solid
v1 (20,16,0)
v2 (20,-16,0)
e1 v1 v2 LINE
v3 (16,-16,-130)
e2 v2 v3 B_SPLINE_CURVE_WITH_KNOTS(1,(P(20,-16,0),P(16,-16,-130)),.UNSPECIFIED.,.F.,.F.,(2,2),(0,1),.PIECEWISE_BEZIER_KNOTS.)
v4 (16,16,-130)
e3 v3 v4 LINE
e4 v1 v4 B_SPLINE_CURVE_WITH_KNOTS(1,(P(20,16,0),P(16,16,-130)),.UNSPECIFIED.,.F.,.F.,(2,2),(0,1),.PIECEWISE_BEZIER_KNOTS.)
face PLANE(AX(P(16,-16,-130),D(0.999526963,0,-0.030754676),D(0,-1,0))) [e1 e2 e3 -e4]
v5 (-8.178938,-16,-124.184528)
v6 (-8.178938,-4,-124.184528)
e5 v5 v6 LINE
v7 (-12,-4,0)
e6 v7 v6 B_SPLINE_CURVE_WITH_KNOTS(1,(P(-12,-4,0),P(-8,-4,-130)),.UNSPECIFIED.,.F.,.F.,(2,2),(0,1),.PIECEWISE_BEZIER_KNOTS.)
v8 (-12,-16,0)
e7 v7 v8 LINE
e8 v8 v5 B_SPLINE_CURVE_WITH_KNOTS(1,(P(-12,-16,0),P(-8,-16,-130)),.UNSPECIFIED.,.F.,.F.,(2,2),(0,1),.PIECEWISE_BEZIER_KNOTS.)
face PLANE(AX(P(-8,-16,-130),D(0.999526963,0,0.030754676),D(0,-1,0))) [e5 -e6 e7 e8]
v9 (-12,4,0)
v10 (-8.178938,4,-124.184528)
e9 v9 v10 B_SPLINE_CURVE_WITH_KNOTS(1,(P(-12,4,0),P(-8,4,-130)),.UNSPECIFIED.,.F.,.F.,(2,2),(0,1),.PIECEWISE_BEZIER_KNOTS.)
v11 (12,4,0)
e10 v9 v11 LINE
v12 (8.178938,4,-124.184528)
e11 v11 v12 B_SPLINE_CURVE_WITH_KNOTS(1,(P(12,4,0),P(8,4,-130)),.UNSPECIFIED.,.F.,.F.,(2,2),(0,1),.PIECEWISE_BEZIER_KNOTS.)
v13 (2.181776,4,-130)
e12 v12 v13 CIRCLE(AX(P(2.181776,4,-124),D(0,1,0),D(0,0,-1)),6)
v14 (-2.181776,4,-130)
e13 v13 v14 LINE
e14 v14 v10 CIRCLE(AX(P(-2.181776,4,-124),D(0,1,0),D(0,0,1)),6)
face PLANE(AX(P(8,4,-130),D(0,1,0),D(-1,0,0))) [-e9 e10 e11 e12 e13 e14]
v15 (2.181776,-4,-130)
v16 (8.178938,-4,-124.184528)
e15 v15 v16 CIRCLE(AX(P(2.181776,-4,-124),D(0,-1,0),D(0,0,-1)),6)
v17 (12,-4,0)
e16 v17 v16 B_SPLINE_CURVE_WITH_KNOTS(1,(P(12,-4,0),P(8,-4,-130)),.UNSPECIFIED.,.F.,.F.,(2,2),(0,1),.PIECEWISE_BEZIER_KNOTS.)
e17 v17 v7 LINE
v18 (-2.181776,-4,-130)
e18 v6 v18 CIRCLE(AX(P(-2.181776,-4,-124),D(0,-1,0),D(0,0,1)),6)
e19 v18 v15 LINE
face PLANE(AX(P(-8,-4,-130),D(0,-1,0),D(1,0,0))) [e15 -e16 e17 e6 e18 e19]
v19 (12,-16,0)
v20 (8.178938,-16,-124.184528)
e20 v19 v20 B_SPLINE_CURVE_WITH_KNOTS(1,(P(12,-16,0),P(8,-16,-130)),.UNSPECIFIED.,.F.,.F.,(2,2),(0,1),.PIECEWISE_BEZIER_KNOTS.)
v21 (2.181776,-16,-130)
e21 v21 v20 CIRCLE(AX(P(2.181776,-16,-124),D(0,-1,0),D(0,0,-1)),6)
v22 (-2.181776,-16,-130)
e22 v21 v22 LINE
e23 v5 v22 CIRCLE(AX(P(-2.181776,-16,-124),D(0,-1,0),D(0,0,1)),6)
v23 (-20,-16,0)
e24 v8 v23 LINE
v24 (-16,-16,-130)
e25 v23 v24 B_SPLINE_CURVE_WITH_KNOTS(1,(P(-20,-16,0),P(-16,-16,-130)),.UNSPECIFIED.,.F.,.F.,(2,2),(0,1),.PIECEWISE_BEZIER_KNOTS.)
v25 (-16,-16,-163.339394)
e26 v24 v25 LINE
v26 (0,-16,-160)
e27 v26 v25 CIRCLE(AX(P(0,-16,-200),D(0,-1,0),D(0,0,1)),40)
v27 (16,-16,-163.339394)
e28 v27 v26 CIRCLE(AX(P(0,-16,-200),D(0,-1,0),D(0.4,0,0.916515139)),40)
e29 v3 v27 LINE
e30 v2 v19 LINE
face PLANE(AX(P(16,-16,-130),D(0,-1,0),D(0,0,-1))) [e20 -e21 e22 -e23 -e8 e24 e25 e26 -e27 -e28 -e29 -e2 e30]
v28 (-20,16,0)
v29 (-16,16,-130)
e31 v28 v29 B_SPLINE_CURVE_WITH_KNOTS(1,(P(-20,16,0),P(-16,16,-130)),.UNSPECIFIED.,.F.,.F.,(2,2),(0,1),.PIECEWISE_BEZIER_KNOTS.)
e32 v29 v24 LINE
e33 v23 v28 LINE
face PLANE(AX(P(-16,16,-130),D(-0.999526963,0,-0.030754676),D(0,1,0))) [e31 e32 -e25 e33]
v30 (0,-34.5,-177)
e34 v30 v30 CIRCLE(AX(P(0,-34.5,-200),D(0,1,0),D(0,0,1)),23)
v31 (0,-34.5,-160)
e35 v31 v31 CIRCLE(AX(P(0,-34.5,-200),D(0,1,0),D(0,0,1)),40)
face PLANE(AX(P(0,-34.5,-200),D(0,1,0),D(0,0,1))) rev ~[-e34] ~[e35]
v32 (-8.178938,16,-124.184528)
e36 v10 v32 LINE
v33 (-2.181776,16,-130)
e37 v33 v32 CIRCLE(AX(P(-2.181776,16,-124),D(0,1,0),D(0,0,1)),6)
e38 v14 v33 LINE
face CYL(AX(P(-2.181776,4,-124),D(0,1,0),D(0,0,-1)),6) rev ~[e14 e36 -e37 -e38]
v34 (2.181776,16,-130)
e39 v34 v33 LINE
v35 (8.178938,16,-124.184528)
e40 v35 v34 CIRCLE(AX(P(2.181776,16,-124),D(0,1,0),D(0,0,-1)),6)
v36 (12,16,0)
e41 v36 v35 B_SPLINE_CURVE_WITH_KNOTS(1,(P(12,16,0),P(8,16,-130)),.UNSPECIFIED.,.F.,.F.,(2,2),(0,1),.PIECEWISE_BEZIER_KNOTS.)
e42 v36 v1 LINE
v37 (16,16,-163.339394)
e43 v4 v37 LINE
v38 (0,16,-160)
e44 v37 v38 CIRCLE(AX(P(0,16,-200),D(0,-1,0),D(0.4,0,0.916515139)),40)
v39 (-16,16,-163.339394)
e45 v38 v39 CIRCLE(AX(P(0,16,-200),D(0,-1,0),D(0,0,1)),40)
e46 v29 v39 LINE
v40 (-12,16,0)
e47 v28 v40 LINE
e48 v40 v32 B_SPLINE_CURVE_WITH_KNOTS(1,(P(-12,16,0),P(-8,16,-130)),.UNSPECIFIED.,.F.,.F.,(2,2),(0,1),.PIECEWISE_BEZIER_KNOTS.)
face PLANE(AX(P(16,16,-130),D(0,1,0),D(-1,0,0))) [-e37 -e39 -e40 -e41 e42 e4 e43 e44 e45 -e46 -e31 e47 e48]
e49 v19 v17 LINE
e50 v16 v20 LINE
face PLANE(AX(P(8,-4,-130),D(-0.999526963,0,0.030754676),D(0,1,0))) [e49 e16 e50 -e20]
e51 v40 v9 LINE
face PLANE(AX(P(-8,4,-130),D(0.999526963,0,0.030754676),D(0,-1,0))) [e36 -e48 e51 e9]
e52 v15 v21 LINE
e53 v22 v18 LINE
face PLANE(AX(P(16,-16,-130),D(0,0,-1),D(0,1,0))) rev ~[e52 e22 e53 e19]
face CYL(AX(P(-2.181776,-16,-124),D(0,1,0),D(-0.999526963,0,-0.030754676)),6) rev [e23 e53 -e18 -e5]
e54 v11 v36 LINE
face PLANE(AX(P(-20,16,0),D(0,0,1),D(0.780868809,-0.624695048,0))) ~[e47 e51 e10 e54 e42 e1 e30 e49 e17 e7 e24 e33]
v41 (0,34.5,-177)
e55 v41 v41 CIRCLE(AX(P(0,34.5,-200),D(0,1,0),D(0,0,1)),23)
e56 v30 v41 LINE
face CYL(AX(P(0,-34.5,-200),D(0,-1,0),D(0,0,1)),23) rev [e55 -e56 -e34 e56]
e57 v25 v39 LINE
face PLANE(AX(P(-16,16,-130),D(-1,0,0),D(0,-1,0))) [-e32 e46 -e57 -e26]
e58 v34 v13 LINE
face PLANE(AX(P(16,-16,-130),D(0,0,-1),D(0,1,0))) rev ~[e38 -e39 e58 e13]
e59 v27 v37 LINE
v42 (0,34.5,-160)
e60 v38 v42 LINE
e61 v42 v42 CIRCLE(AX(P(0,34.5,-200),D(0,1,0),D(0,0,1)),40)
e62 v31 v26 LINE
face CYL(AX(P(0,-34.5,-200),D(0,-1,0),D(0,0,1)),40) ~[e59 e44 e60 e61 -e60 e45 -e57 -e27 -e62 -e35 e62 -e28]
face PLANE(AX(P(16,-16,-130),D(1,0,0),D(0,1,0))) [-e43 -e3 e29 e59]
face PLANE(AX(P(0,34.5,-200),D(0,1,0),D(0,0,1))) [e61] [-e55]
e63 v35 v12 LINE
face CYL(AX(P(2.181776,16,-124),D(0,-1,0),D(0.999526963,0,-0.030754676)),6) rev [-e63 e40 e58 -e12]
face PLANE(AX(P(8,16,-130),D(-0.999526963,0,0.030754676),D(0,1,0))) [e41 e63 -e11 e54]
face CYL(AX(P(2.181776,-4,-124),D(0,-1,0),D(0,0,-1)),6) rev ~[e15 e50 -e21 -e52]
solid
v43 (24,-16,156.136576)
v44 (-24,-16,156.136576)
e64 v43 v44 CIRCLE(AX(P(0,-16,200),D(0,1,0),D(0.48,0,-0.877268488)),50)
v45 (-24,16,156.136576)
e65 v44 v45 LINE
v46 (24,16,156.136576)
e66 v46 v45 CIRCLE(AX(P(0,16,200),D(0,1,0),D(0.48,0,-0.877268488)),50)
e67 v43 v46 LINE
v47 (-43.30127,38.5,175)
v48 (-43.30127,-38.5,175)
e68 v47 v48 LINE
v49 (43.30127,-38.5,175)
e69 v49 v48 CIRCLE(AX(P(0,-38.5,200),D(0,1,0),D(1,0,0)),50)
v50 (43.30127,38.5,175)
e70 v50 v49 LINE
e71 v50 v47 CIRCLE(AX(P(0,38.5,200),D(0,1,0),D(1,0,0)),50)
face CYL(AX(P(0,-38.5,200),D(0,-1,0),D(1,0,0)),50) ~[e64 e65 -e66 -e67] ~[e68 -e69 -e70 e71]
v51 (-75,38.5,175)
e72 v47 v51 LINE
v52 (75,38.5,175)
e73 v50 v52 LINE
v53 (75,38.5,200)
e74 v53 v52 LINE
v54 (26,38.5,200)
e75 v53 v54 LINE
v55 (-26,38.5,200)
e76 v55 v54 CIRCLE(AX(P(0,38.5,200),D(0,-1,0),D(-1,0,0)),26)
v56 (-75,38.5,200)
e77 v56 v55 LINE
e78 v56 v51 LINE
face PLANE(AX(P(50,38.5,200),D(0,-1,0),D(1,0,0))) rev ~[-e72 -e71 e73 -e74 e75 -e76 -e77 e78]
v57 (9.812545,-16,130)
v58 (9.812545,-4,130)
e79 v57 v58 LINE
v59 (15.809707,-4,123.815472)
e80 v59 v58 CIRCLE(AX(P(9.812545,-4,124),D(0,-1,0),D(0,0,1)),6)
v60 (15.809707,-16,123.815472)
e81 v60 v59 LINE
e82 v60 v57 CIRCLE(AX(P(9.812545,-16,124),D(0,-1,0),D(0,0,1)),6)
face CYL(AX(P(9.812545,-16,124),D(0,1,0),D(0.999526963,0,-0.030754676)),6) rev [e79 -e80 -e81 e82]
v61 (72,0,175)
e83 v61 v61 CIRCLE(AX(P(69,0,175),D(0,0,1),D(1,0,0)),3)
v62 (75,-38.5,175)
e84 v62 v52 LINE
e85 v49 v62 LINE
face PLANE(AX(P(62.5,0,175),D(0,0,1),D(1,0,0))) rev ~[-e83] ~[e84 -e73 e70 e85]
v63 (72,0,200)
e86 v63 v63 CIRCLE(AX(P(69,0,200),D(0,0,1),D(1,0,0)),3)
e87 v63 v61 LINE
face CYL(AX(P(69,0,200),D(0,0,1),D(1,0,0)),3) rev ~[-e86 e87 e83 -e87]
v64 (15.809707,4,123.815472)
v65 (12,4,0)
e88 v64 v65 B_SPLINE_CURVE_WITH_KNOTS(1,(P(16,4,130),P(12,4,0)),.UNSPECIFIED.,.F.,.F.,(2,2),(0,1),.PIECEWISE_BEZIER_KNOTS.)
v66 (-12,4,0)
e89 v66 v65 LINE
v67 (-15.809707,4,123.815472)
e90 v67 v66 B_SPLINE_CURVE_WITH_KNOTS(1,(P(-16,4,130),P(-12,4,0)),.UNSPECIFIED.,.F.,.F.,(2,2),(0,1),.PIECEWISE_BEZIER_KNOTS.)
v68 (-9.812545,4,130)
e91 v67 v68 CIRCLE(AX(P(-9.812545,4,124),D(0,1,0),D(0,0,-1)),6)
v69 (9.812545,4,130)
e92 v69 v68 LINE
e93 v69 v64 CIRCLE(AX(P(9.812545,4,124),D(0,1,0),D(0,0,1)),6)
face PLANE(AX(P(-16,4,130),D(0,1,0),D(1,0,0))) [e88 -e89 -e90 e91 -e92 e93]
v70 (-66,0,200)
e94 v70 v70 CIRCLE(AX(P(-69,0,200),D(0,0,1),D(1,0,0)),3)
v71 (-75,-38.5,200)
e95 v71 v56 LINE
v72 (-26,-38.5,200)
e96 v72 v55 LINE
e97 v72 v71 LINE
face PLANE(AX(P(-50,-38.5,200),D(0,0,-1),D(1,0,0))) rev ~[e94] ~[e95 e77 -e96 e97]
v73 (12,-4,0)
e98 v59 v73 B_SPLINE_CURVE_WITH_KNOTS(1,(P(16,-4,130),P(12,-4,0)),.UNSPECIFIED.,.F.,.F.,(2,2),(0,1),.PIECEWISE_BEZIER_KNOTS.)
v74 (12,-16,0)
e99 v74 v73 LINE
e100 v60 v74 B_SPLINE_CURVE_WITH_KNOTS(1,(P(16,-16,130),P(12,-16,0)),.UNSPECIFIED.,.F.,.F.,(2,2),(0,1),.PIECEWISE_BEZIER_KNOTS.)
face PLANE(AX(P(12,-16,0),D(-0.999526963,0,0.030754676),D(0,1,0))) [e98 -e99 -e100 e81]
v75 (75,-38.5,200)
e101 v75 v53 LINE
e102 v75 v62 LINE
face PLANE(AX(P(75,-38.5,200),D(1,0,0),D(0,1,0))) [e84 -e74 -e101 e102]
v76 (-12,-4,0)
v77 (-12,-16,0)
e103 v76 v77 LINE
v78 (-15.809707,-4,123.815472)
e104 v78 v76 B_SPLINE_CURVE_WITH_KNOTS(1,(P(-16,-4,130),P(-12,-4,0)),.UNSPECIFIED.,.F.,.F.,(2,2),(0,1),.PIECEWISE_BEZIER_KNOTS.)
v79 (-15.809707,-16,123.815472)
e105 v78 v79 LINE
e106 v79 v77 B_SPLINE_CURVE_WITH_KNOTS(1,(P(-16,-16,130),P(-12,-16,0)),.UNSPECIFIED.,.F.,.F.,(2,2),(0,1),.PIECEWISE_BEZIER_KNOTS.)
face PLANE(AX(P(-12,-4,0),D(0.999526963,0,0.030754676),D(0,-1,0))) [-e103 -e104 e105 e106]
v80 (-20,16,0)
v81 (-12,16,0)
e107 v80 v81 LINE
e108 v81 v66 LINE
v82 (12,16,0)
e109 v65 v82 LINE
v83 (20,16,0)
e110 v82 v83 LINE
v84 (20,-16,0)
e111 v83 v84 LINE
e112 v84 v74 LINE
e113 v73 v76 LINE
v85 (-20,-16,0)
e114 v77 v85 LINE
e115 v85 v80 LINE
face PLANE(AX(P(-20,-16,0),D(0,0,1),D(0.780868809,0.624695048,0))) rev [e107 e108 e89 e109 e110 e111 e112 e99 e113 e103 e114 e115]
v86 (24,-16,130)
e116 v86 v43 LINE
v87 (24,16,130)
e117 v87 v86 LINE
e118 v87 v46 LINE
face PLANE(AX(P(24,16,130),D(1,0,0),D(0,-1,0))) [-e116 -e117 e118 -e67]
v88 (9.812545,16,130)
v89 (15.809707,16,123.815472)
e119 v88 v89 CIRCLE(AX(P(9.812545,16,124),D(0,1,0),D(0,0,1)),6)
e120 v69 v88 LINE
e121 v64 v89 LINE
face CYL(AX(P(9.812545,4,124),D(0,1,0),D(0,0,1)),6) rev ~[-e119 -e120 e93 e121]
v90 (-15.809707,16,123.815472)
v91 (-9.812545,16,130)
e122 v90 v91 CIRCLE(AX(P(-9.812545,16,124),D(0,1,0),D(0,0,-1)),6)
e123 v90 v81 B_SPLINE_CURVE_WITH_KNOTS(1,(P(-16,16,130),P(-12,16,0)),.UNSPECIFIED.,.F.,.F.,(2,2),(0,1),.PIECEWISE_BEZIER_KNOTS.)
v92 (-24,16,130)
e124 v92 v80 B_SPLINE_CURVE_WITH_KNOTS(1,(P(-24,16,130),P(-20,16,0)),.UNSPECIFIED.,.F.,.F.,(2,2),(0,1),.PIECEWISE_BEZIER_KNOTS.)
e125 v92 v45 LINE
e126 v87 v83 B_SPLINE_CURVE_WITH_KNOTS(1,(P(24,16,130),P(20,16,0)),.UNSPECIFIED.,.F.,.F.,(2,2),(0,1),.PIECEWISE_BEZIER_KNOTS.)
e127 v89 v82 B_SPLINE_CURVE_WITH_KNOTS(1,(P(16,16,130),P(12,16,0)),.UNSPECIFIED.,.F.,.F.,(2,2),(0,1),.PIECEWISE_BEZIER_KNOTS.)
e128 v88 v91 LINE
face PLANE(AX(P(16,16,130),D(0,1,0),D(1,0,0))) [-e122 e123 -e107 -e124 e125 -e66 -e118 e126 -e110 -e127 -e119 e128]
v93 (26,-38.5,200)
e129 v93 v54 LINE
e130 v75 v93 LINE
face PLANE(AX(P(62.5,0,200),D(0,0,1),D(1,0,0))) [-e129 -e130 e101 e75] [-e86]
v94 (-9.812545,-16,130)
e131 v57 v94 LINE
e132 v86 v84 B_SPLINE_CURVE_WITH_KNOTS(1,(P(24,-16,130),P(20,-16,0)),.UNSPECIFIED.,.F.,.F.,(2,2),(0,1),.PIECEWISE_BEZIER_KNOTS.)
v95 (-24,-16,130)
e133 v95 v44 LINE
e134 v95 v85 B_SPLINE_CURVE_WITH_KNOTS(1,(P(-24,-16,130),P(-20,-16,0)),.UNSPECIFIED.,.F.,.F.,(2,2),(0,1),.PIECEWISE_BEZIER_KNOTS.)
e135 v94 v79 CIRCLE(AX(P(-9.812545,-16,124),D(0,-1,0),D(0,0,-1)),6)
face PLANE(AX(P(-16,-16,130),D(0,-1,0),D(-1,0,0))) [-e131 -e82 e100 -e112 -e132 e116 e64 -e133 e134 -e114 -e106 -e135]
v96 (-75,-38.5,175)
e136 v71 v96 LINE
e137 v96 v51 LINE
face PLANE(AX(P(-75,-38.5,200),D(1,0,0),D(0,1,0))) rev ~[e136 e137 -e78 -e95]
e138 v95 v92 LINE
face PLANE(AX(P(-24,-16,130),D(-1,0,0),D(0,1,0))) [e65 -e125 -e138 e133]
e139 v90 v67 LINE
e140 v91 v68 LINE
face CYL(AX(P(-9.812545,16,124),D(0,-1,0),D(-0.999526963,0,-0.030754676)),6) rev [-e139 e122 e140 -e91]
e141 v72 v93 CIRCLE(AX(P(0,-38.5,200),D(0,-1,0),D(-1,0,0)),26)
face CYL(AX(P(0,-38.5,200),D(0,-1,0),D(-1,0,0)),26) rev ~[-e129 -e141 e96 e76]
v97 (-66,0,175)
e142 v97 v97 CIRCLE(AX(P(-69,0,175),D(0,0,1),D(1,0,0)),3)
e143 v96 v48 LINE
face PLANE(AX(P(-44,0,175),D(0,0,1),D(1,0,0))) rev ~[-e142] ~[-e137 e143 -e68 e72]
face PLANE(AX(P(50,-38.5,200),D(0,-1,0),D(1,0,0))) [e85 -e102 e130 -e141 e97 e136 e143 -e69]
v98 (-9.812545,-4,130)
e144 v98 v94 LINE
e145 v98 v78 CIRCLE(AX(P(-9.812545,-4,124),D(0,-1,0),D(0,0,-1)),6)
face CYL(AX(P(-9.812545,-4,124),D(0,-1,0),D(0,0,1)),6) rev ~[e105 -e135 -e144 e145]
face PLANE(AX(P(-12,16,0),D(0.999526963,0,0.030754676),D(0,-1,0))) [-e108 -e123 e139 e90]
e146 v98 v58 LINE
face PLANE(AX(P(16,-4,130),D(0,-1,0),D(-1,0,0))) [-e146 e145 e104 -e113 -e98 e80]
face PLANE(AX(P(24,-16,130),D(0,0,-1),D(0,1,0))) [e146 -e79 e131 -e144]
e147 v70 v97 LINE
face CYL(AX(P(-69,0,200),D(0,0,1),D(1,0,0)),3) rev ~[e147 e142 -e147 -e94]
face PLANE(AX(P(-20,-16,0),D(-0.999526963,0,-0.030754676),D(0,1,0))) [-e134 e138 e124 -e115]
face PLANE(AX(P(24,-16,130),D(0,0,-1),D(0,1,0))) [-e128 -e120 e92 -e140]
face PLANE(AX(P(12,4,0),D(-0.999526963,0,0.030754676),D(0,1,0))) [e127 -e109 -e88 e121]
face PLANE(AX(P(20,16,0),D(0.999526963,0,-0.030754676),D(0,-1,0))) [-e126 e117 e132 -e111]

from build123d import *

# Parameters (mm, degrees)
BOSS_EXTRUDE1_DEPTH      = 34.5
BOSS_EXTRUDE1_DEPTH_BACK = 34.5
SKETCH1_R                = 40
SKETCH1_R_2              = 23
BOSS_EXTRUDE2_DEPTH      = 38.5
BOSS_EXTRUDE2_DEPTH_BACK = 38.5
BOSS_EXTRUDE4_REACH      = 337.98
BOSS_EXTRUDE4_END_RADIUS = 23
BOSS_EXTRUDE5_REACH      = 377.343
BOSS_EXTRUDE5_END_RADIUS = 26
SKETCH5_W                = 37
SKETCH5_H                = 77
SKETCH5_R                = 3
BOSS_EXTRUDE6_DEPTH      = 25
SKETCH7_W                = 26.136575601
SKETCH7_H                = 32
BOSS_EXTRUDE7_DEPTH      = 46
FILLET1_R                = 6
SKETCH8_W                = 33.33939444
SKETCH8_H                = 32
BOSS_EXTRUDE8_DEPTH      = 30
FILLET2_R                = 6


with BuildPart() as part:
    # Sketch1 → Boss-Extrude1 (new, two sides: drawn at the far end of the back side and taken through both)
    with BuildSketch(Plane(origin=(0, 0, 0), x_dir=(1, 0, 0), z_dir=(0, 1, 0)).offset(-BOSS_EXTRUDE1_DEPTH_BACK)):
        with Locations((0, 200)):
            Circle(SKETCH1_R)
        with Locations((0, 200)):
            Circle(SKETCH1_R_2, mode=Mode.SUBTRACT)
    extrude(amount=BOSS_EXTRUDE1_DEPTH + BOSS_EXTRUDE1_DEPTH_BACK)



with BuildPart() as body_2:
    # Sketch1<6> → Boss-Extrude2 (new, two sides: drawn at the far end of the back side and taken through both)
    with BuildSketch(Plane(origin=(0, 0, 0), x_dir=(1, 0, 0), z_dir=(0, 1, 0)).offset(-BOSS_EXTRUDE2_DEPTH_BACK)):
        with BuildLine():
            ThreePointArc((50, -200), (0, -150), (-50, -200))
            Line((-50, -200), (-26, -200))
            ThreePointArc((-26, -200), (0, -174), (26, -200))
            Line((26, -200), (50, -200))
        make_face()
    extrude(amount=BOSS_EXTRUDE2_DEPTH + BOSS_EXTRUDE2_DEPTH_BACK)



with BuildPart() as body_3:
    # Sketch3 → Loft1 section 0
    with BuildSketch(Plane.XY.offset(130)):
        with BuildLine():
            Line((-24, -16), (-24, 16))
            Line((-24, 16), (-16, 16))
            Line((-16, 16), (-16, 4))
            Line((-16, 4), (16, 4))
            Line((16, 4), (16, 16))
            Line((16, 16), (24, 16))
            Line((24, 16), (24, -16))
            Line((24, -16), (16, -16))
            Line((16, -16), (16, -4))
            Line((16, -4), (-16, -4))
            Line((-16, -4), (-16, -16))
            Line((-16, -16), (-24, -16))
        make_face()
    # Sketch4 → Loft1 section 1
    with BuildSketch(Plane.XY):
        with BuildLine():
            Line((-20, 16), (-12, 16))
            Line((-12, 16), (-12, 4))
            Line((-12, 4), (12, 4))
            Line((12, 4), (12, 16))
            Line((12, 16), (20, 16))
            Line((20, 16), (20, -16))
            Line((20, -16), (12, -16))
            Line((12, -16), (12, -4))
            Line((12, -4), (-12, -4))
            Line((-12, -4), (-12, -16))
            Line((-12, -16), (-20, -16))
            Line((-20, -16), (-20, 16))
        make_face()
    loft()


with BuildPart() as body_4:
    # Sketch4<3> → Loft3 section 0
    with BuildSketch(Plane.XY):
        with BuildLine():
            Line((-20, 16), (-12, 16))
            Line((-12, 16), (-12, 4))
            Line((-12, 4), (12, 4))
            Line((12, 4), (12, 16))
            Line((12, 16), (20, 16))
            Line((20, 16), (20, -16))
            Line((20, -16), (12, -16))
            Line((12, -16), (12, -4))
            Line((12, -4), (-12, -4))
            Line((-12, -4), (-12, -16))
            Line((-12, -16), (-20, -16))
            Line((-20, -16), (-20, 16))
        make_face()
    # Sketch2 → Loft3 section 1
    with BuildSketch(Plane.XY.offset(-130)):
        with BuildLine():
            Line((16, 16), (8, 16))
            Line((8, 16), (8, 4))
            Line((8, 4), (-8, 4))
            Line((-8, 4), (-8, 16))
            Line((-8, 16), (-16, 16))
            Line((-16, 16), (-16, -16))
            Line((-16, -16), (-8, -16))
            Line((-8, -16), (-8, -4))
            Line((-8, -4), (8, -4))
            Line((8, -4), (8, -16))
            Line((8, -16), (16, -16))
            Line((16, -16), (16, 16))
        make_face()
    loft()


with BuildPart() as part_1:
    add(part.part)

    add(body_4.part)  # Boss-Extrude4 merges body 4
    # Boss-Extrude4: up to this cylinder (the profile starts outside it)
    boss_extrude4_end = Plane(origin=(0, 0, -200), z_dir=(0, 1, 0)) * Cylinder(BOSS_EXTRUDE4_END_RADIUS, 722.96, mode=Mode.PRIVATE)
    # Sketch2<8> → Boss-Extrude4 (add, up to the surface)
    with BuildSketch(Plane.XY.offset(-130), mode=Mode.PRIVATE) as boss_extrude4_sk1:
        Polygon((16, 16), (8, 16), (8, 4), (-8, 4), (-8, 16), (-16, 16), (-16, -16), (-8, -16), (-8, -4), (8, -4), (8, -16), (16, -16), align=None)
    boss_extrude4_tool1 = extrude(boss_extrude4_sk1.sketch, amount=-BOSS_EXTRUDE4_REACH, mode=Mode.PRIVATE) - boss_extrude4_end
    add(boss_extrude4_tool1.solids().sort_by_distance((0, 0, -130))[0])

    # Sketch8 → Boss-Extrude8 (add)
    with BuildSketch(Plane(origin=(16, 0, 0), x_dir=(0, 0, -1), z_dir=(1, 0, 0))):
        with Locations((146.66969722, 0)):
            Rectangle(SKETCH8_W, SKETCH8_H)
    extrude(amount=-BOSS_EXTRUDE8_DEPTH)

    # Fillet2
    fillet2_edges = [part_1.edges().sort_by_distance(p)[0] for p in [
        (-8, -10, -130),
        (8, -10, -130),
        (-8, 10, -130),
        (8, 10, -130),
    ]]
    fillet(fillet2_edges, radius=FILLET2_R)


with BuildPart() as body_2_1:
    add(body_2.part)

    add(body_3.part)  # Boss-Extrude5 merges body 3
    # Boss-Extrude5: up to this cylinder (the profile starts outside it)
    boss_extrude5_end = Plane(origin=(0, 0, 200), z_dir=(0, 1, 0)) * Cylinder(BOSS_EXTRUDE5_END_RADIUS, 807.686, mode=Mode.PRIVATE)
    # Sketch3<3> → Boss-Extrude5 (add, up to the surface)
    with BuildSketch(Plane.XY.offset(130), mode=Mode.PRIVATE) as boss_extrude5_sk1:
        Polygon((-24, -16), (-24, 16), (-16, 16), (-16, 4), (16, 4), (16, 16), (24, 16), (24, -16), (16, -16), (16, -4), (-16, -4), (-16, -16), align=None)
    boss_extrude5_tool1 = extrude(boss_extrude5_sk1.sketch, amount=BOSS_EXTRUDE5_REACH, mode=Mode.PRIVATE) - boss_extrude5_end
    add(boss_extrude5_tool1.solids().sort_by_distance((0, 0, 130))[0])

    # Sketch5 → Boss-Extrude6 (add)
    # profile 1 of 2: a face of its own
    with BuildSketch(Plane.XY.offset(200)):
        with Locations((56.5, 0)):
            Rectangle(SKETCH5_W, SKETCH5_H)
        with Locations((69, 0)):
            Circle(SKETCH5_R, mode=Mode.SUBTRACT)
    # profile 2 of 2: a face of its own
    with BuildSketch(Plane.XY.offset(200)):
        with Locations((-56.5, 0)):
            Rectangle(SKETCH5_W, SKETCH5_H)
        with Locations((-69, 0)):
            Circle(SKETCH5_R, mode=Mode.SUBTRACT)
    extrude(amount=-BOSS_EXTRUDE6_DEPTH)

    # Sketch7 → Boss-Extrude7 (add)
    with BuildSketch(Plane(origin=(24, 0, 0), x_dir=(0, 0, -1), z_dir=(1, 0, 0))):
        with Locations((-143.068287801, 0)):
            Rectangle(SKETCH7_W, SKETCH7_H)
    extrude(amount=-BOSS_EXTRUDE7_DEPTH)

    # Fillet1
    fillet1_edges = [body_2_1.edges().sort_by_distance(p)[0] for p in [
        (16, 10, 130),
        (-16, 10, 130),
        (-16, -10, 130),
        (16, -10, 130),
    ]]
    fillet(fillet1_edges, radius=FILLET1_R)


solid = Compound([part_1.part, body_2_1.part])
